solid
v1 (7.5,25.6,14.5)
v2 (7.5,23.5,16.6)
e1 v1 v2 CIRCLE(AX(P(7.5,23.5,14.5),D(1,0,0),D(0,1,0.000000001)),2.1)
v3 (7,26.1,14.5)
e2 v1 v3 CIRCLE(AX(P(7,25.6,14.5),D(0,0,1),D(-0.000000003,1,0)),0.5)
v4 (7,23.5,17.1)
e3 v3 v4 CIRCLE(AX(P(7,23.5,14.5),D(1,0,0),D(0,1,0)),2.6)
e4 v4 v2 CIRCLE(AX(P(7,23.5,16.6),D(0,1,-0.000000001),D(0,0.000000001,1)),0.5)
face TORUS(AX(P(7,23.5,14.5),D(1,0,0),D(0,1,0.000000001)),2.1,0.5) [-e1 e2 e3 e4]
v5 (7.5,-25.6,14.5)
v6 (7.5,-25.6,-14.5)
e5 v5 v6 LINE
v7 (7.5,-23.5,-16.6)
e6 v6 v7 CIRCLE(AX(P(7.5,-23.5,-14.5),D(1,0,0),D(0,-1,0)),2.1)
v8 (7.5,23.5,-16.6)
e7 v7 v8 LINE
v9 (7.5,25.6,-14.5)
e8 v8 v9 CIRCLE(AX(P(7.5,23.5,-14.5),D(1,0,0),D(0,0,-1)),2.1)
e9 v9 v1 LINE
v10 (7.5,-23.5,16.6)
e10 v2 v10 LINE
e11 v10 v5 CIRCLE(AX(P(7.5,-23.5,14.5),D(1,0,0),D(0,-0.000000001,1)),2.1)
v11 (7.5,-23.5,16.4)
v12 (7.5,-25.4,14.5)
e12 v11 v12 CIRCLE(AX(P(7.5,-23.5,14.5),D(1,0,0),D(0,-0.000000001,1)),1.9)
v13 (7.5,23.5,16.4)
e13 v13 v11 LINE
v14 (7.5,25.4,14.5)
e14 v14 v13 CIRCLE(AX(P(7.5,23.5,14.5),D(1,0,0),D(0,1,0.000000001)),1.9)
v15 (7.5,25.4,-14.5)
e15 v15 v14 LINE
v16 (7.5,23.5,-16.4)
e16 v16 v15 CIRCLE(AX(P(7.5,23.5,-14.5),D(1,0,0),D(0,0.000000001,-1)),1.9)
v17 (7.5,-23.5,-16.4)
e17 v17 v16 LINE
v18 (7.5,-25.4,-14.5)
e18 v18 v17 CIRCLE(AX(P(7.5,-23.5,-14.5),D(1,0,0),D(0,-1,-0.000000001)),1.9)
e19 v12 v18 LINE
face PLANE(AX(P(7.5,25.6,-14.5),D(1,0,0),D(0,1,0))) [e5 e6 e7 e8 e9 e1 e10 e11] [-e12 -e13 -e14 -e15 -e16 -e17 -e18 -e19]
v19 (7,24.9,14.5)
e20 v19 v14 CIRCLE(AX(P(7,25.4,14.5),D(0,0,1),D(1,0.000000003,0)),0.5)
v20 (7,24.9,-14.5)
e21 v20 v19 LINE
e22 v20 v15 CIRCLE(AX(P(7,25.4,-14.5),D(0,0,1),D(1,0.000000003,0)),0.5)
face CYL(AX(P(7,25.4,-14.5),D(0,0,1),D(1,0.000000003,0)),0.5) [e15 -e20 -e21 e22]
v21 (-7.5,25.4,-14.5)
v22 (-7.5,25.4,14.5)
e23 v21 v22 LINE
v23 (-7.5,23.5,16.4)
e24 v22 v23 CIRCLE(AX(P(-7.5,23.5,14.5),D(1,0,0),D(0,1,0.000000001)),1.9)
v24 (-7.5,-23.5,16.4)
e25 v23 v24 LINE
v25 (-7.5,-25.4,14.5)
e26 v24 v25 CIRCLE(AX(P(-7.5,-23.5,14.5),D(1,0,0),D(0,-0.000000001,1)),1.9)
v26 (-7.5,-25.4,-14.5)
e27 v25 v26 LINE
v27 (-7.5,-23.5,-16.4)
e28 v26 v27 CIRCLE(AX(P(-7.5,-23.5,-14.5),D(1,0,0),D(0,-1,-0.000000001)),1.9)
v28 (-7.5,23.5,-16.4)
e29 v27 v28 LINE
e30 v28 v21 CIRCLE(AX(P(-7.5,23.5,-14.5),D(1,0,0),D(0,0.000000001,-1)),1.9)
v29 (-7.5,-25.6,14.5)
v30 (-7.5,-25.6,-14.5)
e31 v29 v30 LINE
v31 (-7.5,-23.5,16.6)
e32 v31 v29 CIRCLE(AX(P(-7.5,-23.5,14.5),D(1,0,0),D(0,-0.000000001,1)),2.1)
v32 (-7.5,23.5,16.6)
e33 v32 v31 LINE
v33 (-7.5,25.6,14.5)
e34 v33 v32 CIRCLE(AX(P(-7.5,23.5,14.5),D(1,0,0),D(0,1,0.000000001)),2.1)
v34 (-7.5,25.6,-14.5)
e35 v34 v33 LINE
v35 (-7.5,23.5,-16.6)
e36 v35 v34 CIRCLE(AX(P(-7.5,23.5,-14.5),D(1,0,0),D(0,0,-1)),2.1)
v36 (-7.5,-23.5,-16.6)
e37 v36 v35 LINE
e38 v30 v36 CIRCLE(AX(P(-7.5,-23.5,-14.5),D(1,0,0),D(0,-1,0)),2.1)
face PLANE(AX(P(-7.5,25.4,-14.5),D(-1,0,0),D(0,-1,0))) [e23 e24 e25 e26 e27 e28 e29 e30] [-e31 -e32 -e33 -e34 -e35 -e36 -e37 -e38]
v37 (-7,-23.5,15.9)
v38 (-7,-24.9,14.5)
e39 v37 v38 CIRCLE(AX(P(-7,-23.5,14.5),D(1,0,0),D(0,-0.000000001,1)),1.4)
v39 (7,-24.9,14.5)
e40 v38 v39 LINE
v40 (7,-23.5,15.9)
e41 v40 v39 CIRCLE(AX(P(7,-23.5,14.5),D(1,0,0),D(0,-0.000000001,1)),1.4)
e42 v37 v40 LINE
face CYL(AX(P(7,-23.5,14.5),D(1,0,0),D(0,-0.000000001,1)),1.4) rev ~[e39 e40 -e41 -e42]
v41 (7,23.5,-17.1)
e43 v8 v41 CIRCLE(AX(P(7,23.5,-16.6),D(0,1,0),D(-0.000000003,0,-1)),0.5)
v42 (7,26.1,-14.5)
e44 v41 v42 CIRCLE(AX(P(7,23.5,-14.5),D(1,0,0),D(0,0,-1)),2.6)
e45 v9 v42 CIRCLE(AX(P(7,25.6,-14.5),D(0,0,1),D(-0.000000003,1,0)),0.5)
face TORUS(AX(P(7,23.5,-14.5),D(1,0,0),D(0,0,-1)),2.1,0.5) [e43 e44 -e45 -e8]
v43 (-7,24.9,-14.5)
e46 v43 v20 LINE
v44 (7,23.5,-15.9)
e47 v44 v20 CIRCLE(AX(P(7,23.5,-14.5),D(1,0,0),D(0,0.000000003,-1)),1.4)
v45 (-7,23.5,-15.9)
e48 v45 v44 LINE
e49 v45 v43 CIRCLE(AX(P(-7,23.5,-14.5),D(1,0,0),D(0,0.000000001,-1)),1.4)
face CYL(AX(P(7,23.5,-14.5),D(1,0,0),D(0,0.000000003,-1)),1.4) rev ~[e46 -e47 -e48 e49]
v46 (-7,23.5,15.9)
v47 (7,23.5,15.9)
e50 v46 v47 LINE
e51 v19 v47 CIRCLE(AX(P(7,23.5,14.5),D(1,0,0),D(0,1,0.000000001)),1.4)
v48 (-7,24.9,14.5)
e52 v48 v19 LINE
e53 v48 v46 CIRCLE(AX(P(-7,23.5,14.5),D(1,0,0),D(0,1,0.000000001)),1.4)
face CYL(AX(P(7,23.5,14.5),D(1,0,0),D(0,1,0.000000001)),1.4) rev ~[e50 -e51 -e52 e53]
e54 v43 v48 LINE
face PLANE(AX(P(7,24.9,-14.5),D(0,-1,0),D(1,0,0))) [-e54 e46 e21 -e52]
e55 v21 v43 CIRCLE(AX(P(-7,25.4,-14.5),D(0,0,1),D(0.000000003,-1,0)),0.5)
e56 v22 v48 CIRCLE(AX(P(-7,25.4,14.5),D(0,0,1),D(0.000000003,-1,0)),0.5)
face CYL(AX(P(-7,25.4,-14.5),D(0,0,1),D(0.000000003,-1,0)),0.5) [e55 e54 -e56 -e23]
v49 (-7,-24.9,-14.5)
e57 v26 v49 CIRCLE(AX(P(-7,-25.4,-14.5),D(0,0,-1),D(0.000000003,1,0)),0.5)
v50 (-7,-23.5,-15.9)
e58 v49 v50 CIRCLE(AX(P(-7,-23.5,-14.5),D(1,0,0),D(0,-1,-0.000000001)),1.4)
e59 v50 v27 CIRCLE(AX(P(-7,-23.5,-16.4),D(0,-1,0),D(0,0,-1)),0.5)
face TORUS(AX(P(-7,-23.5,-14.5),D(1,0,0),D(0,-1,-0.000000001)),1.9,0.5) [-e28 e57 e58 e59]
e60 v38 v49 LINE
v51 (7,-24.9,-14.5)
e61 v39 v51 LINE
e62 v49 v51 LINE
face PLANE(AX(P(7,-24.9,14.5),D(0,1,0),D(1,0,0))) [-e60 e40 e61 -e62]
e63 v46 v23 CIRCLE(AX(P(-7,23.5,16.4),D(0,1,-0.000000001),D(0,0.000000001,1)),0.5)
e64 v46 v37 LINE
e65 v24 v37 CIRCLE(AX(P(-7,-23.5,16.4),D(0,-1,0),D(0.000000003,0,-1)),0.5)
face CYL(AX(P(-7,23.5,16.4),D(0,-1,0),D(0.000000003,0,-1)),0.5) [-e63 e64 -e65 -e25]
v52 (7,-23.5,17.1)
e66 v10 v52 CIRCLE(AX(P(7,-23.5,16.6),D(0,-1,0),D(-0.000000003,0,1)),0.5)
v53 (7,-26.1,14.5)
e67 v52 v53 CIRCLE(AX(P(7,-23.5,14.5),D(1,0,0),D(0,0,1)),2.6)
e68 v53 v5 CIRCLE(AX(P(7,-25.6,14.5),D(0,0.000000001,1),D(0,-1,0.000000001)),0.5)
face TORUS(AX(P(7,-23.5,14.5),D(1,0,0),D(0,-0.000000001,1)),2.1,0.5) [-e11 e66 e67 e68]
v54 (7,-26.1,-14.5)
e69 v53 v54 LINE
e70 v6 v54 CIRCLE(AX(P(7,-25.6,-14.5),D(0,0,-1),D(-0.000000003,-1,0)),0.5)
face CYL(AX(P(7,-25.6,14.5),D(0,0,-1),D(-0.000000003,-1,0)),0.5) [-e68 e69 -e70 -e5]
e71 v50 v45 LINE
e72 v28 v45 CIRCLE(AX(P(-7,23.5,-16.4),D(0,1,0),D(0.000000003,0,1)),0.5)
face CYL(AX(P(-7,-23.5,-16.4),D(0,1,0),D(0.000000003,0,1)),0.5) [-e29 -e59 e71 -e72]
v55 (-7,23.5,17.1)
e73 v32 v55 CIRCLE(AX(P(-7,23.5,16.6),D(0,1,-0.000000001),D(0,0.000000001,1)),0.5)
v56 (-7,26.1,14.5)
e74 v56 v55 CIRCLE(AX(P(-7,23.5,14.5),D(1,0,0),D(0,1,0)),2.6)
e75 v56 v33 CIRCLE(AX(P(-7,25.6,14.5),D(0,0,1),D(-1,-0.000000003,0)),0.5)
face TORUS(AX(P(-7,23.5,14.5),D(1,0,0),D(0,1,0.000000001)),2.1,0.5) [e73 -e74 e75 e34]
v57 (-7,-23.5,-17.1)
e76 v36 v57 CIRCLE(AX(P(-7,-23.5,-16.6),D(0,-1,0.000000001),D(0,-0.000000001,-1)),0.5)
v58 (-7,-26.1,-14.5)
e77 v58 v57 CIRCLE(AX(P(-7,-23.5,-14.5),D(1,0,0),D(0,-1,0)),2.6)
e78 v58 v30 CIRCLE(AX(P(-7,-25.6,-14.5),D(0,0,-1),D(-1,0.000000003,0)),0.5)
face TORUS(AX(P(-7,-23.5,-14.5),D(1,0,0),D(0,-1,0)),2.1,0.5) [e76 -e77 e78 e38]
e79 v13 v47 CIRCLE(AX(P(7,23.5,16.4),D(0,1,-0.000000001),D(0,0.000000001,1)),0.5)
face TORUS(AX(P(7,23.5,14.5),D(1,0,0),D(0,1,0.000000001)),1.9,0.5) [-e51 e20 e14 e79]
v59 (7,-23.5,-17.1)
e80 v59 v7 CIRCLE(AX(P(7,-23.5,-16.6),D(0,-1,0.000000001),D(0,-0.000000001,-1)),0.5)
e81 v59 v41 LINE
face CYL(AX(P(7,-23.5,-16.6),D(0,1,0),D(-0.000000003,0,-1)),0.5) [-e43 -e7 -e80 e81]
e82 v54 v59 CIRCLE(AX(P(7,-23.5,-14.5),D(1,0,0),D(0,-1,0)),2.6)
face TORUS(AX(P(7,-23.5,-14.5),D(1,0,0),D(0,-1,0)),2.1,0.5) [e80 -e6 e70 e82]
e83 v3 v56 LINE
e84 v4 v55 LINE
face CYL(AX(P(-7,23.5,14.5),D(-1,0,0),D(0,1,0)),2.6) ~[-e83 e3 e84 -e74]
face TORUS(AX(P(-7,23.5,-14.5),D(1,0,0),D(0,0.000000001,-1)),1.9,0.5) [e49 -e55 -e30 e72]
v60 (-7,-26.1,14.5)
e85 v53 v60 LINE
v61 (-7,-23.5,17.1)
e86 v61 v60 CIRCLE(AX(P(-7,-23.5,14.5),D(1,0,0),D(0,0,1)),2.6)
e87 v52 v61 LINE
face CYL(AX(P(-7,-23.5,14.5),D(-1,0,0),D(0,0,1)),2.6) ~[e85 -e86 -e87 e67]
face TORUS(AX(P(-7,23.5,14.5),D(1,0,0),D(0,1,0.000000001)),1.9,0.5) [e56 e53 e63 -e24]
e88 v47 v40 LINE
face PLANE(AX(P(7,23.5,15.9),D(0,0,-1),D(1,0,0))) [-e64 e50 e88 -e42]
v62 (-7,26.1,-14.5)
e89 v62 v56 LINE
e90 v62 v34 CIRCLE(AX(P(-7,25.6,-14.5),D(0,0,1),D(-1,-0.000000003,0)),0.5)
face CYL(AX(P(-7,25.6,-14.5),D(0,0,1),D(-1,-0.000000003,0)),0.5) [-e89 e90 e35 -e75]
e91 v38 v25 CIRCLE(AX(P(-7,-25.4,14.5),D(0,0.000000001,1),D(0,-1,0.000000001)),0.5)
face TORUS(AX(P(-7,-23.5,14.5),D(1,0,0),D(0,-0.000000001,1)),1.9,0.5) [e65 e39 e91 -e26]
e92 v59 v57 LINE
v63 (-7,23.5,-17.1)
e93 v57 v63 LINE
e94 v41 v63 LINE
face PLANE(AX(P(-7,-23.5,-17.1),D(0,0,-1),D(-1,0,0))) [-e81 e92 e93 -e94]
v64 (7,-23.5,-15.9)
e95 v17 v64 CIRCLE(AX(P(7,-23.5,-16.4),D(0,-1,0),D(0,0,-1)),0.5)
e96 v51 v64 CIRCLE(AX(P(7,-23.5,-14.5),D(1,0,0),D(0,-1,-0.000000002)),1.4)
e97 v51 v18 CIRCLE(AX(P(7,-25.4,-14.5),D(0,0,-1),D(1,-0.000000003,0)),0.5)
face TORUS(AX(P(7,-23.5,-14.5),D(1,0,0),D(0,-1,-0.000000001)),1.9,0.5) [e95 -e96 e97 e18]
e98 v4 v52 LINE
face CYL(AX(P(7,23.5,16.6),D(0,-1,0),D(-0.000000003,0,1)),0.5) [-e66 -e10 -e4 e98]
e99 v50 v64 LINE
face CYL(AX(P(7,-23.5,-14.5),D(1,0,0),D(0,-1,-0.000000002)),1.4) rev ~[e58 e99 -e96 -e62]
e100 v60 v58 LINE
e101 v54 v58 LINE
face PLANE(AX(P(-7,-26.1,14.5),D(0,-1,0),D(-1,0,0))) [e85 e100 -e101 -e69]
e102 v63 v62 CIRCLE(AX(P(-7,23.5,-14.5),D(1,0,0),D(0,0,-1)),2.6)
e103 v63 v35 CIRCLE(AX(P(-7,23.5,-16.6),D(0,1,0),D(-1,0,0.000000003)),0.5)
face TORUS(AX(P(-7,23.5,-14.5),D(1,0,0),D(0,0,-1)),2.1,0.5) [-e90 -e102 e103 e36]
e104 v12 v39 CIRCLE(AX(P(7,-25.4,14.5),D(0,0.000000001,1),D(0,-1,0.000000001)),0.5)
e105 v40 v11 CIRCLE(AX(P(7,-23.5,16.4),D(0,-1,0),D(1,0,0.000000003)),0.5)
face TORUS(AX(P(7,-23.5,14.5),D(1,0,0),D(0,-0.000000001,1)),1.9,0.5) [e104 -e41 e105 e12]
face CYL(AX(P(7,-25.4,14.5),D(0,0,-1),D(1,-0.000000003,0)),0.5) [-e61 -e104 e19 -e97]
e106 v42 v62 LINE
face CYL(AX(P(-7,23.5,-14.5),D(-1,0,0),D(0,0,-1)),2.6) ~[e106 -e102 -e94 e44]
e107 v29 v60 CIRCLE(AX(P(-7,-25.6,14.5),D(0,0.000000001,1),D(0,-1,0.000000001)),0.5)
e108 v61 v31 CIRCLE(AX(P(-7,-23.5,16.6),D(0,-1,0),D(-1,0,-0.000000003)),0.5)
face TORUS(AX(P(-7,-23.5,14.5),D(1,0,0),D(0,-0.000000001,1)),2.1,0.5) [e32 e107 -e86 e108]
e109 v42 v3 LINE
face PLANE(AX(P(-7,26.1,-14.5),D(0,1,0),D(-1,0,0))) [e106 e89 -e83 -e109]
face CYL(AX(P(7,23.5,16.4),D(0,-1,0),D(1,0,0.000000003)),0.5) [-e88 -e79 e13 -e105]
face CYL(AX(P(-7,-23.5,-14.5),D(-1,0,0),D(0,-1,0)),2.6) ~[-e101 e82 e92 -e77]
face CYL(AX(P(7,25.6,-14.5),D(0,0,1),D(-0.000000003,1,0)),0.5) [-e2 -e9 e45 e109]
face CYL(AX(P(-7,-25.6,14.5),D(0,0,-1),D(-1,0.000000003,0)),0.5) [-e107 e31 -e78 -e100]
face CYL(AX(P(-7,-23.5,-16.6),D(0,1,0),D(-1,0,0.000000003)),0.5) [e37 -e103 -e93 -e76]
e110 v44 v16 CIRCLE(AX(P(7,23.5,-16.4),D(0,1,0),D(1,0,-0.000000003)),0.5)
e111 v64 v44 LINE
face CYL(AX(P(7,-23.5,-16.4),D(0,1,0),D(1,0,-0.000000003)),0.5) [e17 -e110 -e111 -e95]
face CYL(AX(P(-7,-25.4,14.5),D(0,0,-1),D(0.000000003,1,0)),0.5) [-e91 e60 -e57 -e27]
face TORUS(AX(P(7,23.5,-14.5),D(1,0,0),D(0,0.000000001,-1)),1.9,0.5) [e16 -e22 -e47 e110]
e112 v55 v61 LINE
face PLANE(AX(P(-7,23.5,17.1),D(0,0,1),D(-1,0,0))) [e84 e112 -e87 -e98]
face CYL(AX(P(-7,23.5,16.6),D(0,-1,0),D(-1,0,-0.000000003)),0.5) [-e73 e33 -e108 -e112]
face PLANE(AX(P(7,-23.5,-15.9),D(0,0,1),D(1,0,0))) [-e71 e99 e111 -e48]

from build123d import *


with BuildPart() as part:
    # Sweep1: sweep along a path in Sketch1
    with BuildLine(Plane(origin=(0, 0, 0), x_dir=(0, 0, -1), z_dir=(1, 0, 0))) as sweep1_path:
        Line((14.5, 25.5), (-14.5, 25.5))
        ThreePointArc((-14.5, 25.5), (-15.914213562, 24.914213562), (-16.5, 23.5))
        Line((-16.5, 23.5), (-16.5, -23.5))
        ThreePointArc((-16.5, -23.5), (-15.914213562, -24.914213562), (-14.5, -25.5))
        Line((-14.5, -25.5), (14.5, -25.5))
        ThreePointArc((14.5, -25.5), (15.914213562, -24.914213562), (16.5, -23.5))
        Line((16.5, -23.5), (16.5, 23.5))
        ThreePointArc((16.5, 23.5), (15.914213562, 24.914213562), (14.5, 25.5))
    # Sketch2 → Sweep1 (sweep)
    with BuildSketch(Plane.XY):
        with BuildLine():
            Line((-7, 26.1), (7, 26.1))
            ThreePointArc((7, 26.1), (7.353553391, 25.953553391), (7.5, 25.6))
            Line((7.5, 25.6), (7.5, 25.4))
            ThreePointArc((7.5, 25.4), (7.353553391, 25.046446609), (7, 24.9))
            Line((7, 24.9), (-7, 24.9))
            ThreePointArc((-7, 24.9), (-7.353553391, 25.046446609), (-7.5, 25.4))
            Line((-7.5, 25.4), (-7.5, 25.6))
            ThreePointArc((-7.5, 25.6), (-7.353553391, 25.953553391), (-7, 26.1))
        make_face()
    sweep(path=sweep1_path.line)


solid = part.part
